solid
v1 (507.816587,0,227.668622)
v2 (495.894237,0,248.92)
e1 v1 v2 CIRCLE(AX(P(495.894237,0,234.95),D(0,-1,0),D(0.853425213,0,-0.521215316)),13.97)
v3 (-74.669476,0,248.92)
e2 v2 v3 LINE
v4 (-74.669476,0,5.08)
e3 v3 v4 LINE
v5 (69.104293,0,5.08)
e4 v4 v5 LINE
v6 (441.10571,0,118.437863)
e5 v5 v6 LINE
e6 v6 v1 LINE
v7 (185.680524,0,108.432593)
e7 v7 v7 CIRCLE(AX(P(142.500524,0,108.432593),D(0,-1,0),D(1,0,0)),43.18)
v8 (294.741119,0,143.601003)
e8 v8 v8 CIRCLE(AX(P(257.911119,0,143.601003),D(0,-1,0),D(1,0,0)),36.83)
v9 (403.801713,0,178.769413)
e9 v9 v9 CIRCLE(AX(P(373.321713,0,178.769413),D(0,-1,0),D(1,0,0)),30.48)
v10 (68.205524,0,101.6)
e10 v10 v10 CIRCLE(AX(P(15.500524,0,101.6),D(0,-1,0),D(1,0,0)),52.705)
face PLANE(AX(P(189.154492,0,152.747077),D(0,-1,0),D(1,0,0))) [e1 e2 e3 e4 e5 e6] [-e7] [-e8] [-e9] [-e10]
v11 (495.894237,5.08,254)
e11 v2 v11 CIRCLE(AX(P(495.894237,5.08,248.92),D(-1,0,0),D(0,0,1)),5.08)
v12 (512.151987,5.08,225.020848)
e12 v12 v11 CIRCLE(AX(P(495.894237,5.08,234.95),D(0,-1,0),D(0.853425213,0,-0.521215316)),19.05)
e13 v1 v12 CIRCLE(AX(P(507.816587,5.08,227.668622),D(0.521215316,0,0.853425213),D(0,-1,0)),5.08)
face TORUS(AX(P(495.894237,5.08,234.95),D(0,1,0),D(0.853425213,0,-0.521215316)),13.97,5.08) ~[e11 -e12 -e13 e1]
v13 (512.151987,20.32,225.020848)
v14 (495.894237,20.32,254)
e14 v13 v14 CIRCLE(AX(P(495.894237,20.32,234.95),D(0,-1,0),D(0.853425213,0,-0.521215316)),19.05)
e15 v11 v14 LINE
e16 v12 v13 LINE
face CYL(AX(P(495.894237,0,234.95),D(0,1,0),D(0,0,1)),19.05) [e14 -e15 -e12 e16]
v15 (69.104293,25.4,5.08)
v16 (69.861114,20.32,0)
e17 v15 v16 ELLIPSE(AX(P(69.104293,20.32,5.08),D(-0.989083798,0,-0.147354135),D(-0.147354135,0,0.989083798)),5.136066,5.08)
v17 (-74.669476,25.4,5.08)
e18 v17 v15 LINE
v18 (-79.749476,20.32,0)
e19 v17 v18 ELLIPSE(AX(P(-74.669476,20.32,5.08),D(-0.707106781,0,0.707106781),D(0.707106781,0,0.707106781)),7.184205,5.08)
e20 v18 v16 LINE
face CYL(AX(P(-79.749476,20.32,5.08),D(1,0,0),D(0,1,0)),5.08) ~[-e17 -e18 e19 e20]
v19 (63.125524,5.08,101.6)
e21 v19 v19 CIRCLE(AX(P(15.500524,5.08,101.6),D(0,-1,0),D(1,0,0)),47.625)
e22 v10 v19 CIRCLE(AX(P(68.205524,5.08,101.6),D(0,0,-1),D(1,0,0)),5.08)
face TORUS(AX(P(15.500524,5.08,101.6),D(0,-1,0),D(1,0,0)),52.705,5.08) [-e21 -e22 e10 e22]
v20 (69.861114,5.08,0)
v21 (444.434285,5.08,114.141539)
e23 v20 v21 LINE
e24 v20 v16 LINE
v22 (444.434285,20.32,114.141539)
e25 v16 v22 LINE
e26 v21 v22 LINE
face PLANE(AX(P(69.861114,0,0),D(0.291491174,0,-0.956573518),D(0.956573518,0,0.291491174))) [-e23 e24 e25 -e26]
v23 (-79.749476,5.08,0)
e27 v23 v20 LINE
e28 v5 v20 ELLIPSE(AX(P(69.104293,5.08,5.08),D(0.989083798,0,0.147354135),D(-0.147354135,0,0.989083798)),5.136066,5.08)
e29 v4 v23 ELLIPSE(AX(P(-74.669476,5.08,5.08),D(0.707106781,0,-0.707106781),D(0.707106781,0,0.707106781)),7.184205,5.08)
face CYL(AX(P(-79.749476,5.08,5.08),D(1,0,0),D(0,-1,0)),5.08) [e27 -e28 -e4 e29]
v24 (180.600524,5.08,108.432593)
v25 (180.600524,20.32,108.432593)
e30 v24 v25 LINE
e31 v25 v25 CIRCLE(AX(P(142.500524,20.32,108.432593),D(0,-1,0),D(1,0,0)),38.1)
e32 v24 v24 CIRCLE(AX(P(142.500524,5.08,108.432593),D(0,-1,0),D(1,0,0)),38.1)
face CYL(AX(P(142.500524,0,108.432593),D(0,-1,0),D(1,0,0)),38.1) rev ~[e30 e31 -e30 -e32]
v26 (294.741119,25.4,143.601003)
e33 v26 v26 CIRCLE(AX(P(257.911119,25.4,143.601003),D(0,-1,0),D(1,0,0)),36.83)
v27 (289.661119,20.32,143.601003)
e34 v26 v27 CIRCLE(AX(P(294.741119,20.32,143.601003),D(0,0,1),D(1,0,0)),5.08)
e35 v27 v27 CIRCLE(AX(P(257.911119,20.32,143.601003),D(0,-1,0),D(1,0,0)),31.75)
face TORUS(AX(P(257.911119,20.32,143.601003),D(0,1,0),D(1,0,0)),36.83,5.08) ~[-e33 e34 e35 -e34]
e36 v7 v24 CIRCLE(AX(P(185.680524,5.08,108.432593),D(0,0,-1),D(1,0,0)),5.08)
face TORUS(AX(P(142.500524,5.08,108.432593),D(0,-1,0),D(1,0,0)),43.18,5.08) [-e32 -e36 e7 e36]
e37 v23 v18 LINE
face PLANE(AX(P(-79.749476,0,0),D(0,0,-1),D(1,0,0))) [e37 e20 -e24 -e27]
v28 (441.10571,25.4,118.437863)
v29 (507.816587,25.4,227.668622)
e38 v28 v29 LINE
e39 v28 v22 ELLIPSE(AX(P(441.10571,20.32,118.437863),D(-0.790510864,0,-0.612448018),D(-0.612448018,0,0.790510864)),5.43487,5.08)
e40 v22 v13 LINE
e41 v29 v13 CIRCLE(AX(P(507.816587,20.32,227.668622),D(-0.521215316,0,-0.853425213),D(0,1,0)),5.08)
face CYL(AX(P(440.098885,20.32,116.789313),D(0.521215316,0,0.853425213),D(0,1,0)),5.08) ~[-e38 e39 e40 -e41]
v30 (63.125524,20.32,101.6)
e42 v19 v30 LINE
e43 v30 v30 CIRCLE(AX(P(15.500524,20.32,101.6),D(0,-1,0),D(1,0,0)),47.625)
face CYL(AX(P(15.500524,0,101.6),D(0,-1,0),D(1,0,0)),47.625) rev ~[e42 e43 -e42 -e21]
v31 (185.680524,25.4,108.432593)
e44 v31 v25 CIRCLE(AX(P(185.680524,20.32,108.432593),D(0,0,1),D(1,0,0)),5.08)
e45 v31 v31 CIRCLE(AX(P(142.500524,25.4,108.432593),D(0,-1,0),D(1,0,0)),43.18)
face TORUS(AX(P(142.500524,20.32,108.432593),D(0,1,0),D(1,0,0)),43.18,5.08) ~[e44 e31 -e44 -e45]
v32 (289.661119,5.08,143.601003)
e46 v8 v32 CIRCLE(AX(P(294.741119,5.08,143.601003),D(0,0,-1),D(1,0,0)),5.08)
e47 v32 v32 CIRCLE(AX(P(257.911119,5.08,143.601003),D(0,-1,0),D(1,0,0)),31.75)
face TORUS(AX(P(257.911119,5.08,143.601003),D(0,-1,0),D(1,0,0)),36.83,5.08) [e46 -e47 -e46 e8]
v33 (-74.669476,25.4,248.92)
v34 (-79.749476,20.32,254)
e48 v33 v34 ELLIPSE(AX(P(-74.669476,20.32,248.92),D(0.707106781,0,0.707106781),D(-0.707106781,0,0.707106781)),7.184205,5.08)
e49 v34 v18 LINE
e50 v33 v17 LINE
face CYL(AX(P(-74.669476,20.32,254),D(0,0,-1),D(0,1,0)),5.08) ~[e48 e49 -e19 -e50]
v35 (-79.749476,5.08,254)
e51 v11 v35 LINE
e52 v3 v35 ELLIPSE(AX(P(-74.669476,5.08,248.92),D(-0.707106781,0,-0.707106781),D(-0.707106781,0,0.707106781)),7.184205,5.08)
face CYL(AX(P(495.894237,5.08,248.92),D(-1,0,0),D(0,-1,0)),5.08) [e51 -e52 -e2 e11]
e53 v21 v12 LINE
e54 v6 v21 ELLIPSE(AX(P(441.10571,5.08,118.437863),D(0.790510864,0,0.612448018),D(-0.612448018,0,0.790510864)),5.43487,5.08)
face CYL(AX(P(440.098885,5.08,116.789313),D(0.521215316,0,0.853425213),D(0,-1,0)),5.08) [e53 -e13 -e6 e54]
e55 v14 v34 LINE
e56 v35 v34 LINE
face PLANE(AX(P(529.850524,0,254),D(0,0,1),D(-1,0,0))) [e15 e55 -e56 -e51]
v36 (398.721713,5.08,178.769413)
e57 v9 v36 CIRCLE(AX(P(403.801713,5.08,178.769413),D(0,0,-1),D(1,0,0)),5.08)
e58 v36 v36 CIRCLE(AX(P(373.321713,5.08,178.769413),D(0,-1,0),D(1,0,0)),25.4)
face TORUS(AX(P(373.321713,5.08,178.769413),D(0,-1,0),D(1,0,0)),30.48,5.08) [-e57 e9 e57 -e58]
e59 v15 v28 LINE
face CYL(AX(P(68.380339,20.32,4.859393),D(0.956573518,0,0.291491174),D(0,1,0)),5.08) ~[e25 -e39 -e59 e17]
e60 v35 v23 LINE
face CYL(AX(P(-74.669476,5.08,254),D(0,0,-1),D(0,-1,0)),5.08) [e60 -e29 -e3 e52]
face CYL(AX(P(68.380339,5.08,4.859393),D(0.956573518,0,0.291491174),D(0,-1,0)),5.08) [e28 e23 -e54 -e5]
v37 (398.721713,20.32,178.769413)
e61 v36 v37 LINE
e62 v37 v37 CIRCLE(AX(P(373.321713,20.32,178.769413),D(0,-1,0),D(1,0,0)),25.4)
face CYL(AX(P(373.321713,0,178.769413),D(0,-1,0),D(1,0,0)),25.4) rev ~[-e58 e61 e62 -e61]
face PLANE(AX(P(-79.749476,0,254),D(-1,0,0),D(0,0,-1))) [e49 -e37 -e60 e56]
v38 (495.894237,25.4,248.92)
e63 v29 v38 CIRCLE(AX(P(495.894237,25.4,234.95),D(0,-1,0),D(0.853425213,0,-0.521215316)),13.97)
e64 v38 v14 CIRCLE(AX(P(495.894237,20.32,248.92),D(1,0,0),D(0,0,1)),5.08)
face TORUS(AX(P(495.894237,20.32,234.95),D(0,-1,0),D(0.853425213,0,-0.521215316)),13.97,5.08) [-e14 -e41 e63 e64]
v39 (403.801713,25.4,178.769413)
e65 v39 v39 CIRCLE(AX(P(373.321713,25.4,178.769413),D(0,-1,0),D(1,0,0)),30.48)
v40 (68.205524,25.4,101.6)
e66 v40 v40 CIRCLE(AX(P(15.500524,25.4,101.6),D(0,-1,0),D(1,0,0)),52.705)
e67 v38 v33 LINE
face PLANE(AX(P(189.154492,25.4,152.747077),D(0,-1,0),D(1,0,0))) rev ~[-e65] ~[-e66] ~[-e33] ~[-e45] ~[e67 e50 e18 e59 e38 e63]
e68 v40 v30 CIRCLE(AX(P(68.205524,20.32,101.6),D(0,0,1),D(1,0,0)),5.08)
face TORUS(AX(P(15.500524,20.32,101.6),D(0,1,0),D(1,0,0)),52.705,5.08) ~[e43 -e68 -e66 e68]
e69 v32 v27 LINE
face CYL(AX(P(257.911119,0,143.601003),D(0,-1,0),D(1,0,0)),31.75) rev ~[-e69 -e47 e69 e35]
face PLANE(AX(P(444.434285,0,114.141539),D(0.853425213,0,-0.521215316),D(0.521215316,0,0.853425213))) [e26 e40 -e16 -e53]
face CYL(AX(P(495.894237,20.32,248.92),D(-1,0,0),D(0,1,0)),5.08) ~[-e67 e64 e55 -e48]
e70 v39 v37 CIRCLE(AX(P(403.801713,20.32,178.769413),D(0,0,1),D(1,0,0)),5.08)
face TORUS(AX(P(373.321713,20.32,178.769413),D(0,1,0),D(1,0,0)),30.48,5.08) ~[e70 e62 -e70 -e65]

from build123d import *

# Parameters (mm, degrees)
F0_R     = 47.625
F0_R_2   = 38.1
F0_R_3   = 31.75
F0_R_4   = 25.4
F1_DEPTH = 25.4
F2_R     = 19.05
F3_R     = 5.08
F4_R     = 5.08


with BuildPart() as f1:
    # F0 (on Front) → F1 (new body)
    with BuildSketch(Plane.XZ):
        Polygon((-79.749476, 254), (-79.749476, 0), (69.861114, 0), (444.434285, 114.141539), (529.850524, 254), align=None)
        with Locations((15.500524, 101.6)):
            Circle(F0_R, mode=Mode.SUBTRACT)
        with Locations((142.500524, 108.432593)):
            Circle(F0_R_2, mode=Mode.SUBTRACT)
        with Locations((257.911119, 143.601003)):
            Circle(F0_R_3, mode=Mode.SUBTRACT)
        with Locations((373.321713, 178.769413)):
            Circle(F0_R_4, mode=Mode.SUBTRACT)
    extrude(amount=-F1_DEPTH)

    # F2
    f2_edges = [f1.edges().sort_by_distance(p)[0] for p in [
        (529.850524, 12.7, 254),
    ]]
    fillet(f2_edges, radius=F2_R)

    # F3
    f3_edges = [f1.edges().sort_by_distance(p)[0] for p in [
        (347.921713, 0, 178.769413),
        (226.161119, 0, 143.601003),
        (104.400524, 0, 108.432593),
        (-32.124476, 0, 101.6),
        (478.293136, 0, 169.581194),
        (512.508279, 0, 244.270734),
        (257.1477, 0, 57.070769),
        (208.07238, 0, 254),
        (-4.944181, 0, 0),
        (-79.749476, 0, 127),
    ]]
    fillet(f3_edges, radius=F3_R)

    # F4
    f4_edges = [f1.edges().sort_by_distance(p)[0] for p in [
        (478.293136, 25.4, 169.581194),
        (512.508279, 25.4, 244.270734),
        (257.1477, 25.4, 57.070769),
        (208.07238, 25.4, 254),
        (-4.944181, 25.4, 0),
        (-79.749476, 25.4, 127),
        (-32.124476, 25.4, 101.6),
        (104.400524, 25.4, 108.432593),
        (226.161119, 25.4, 143.601003),
        (347.921713, 25.4, 178.769413),
    ]]
    fillet(f4_edges, radius=F4_R)


solid = f1.part
